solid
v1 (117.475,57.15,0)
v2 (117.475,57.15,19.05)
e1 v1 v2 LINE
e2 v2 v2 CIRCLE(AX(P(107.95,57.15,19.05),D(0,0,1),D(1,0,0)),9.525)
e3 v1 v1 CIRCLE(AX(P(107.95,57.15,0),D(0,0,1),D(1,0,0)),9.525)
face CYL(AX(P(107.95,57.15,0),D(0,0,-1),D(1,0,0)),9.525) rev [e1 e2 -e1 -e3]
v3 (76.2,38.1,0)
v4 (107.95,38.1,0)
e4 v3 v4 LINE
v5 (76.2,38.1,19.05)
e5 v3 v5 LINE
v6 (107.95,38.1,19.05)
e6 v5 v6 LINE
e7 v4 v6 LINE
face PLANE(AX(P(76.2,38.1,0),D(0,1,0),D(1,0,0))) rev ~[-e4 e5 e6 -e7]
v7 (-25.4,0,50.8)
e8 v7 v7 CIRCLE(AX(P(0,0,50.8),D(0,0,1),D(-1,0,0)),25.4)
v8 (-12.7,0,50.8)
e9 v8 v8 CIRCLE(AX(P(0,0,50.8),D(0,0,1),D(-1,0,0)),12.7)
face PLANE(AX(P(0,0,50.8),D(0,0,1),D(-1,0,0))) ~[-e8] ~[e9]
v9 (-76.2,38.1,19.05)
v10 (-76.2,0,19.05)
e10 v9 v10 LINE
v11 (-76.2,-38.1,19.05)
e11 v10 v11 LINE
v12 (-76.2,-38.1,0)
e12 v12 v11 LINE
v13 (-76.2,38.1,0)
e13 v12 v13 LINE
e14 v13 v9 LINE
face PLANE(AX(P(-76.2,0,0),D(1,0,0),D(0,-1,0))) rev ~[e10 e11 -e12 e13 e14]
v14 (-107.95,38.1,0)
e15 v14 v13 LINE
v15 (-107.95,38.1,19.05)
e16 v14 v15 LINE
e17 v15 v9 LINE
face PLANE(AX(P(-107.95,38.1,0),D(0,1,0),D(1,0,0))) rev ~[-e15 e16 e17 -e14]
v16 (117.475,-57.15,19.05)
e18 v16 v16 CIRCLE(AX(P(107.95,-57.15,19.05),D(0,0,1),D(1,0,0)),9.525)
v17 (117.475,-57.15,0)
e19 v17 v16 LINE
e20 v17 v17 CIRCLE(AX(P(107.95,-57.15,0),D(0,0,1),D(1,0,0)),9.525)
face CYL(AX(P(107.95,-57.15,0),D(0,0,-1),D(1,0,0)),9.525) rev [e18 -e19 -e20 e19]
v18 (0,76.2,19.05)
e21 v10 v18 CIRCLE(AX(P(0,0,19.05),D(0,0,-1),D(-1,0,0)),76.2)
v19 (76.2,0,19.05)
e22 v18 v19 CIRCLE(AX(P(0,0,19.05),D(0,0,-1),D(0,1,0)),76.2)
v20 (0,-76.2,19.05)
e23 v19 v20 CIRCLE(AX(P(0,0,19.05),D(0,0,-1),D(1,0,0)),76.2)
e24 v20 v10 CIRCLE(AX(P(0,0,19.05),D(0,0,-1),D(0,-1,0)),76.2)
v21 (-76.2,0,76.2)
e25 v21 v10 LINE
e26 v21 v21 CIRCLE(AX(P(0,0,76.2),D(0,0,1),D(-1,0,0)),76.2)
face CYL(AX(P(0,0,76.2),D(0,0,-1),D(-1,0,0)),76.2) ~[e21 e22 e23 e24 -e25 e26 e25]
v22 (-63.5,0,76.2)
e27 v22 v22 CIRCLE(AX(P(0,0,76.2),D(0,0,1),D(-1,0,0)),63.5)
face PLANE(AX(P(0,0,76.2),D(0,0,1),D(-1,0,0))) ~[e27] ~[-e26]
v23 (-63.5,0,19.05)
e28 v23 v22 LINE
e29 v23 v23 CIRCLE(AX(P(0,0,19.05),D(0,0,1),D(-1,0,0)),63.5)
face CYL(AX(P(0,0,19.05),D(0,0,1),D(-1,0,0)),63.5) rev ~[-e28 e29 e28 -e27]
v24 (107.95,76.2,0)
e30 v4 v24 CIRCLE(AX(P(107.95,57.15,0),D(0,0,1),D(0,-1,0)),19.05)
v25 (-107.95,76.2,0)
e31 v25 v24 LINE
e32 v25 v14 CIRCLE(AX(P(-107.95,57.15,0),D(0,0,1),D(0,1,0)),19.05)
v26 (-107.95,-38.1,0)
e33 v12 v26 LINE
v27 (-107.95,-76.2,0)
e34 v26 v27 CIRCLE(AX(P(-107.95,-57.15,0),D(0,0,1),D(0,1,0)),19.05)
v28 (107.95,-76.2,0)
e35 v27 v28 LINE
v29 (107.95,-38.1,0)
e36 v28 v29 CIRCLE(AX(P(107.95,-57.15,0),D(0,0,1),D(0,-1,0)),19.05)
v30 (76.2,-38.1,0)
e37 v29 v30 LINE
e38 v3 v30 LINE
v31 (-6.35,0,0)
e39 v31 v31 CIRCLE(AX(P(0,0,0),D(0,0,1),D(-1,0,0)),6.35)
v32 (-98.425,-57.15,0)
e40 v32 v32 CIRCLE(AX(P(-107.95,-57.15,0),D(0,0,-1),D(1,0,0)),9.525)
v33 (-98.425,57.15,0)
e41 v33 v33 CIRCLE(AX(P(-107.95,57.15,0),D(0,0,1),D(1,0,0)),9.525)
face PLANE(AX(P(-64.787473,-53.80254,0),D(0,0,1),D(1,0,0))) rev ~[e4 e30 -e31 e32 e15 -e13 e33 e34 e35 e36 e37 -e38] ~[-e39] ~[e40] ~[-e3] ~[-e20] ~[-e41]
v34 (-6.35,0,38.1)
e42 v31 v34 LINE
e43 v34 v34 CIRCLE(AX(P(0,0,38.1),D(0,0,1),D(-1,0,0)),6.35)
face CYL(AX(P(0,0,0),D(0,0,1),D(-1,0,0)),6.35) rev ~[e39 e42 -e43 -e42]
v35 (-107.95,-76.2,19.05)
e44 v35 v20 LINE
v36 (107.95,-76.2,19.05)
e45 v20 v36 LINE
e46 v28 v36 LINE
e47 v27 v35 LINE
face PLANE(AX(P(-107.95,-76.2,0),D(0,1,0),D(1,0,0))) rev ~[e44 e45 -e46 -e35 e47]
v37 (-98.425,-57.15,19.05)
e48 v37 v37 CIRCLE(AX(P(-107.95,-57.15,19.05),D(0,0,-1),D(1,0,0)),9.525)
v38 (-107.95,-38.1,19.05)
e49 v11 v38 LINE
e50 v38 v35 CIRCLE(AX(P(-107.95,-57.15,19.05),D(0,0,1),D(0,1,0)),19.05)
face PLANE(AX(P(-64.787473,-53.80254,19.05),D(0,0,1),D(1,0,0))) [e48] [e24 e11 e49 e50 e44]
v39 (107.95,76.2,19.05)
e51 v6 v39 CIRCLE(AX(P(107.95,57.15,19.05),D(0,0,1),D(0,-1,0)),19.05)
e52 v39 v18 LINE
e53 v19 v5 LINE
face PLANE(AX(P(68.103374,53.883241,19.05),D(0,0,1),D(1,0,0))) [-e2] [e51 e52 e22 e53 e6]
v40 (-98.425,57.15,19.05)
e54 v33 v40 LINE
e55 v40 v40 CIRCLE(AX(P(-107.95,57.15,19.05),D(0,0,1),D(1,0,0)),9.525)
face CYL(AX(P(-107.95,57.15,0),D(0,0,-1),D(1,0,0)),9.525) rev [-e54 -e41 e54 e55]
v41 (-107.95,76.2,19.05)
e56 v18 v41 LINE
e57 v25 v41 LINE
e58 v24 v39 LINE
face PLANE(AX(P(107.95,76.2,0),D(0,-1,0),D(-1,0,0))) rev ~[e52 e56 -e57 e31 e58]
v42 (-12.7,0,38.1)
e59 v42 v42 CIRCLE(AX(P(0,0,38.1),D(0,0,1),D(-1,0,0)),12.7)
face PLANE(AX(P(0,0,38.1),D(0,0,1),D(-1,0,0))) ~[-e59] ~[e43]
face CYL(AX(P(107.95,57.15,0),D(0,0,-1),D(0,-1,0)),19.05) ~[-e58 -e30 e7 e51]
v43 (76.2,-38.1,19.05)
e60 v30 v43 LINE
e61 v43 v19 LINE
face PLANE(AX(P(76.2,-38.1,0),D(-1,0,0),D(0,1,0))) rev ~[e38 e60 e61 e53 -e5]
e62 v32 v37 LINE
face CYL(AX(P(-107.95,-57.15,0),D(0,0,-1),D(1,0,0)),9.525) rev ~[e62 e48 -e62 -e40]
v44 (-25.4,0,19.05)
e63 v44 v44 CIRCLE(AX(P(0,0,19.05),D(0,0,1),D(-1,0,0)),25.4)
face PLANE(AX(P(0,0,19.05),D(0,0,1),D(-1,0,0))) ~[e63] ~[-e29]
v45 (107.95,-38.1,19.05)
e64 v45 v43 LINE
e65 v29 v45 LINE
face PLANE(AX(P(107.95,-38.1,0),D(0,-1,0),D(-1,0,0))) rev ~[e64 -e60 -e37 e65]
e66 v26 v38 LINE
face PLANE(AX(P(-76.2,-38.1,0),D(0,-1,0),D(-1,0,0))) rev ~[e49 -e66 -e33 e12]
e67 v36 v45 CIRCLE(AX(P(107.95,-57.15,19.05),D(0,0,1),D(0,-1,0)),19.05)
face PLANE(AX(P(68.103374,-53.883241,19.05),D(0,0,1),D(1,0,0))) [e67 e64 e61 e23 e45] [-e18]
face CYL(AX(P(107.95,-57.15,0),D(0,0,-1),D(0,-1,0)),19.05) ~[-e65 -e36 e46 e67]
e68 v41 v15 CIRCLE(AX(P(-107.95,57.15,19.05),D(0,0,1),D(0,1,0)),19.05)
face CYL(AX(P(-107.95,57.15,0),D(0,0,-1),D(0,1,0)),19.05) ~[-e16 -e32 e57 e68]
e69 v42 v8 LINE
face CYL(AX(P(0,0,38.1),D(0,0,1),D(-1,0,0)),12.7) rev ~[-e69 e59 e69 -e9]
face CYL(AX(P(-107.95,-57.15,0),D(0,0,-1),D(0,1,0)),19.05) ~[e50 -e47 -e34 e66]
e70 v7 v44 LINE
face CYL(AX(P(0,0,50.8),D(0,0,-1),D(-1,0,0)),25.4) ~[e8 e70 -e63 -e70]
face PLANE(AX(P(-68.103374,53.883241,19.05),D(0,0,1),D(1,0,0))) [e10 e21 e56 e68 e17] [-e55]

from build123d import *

# Parameters (mm, degrees)
F2_R     = 9.525
F3_DEPTH = 19.05


with BuildPart() as f1:
    # F0 (on Front) → F1 (revolve)
    with BuildSketch(Plane.XZ):
        Polygon((-76.2, 0), (-6.35, 0), (-6.35, 38.1), (-12.7, 38.1), (-12.7, 50.8), (-25.4, 50.8), (-25.4, 19.05), (-63.5, 19.05), (-63.5, 76.2), (-76.2, 76.2), align=None)
    revolve(axis=Axis((0, 0, 38.1), (0, 0, 1)))

    # F2 (on Top) → F3 (join)
    with BuildSketch(Plane.XY):
        with BuildLine():
            Line((-107.95, -76.2), (0, -76.2))
            ThreePointArc((0, -76.2), (-53.8815367264, -53.8815367264), (-76.2, 0))
            Line((-76.2, 0), (-76.2, -38.1))
            Line((-76.2, -38.1), (-107.95, -38.1))
            Line((-107.95, -38.1), (-107.95, -47.625))
            ThreePointArc((-107.95, -47.625), (-101.2148079092, -50.4148079092), (-98.425, -57.15))
            ThreePointArc((-98.425, -57.15), (-101.2148079092, -63.8851920908), (-107.95, -66.675))
            Line((-107.95, -66.675), (-107.95, -76.2))
        make_face()
        with BuildLine():
            ThreePointArc((-107.95, -38.1), (-127, -57.15), (-107.95, -76.2))
            Line((-107.95, -76.2), (-107.95, -66.675))
            ThreePointArc((-107.95, -66.675), (-117.475, -57.15), (-107.95, -47.625))
            Line((-107.95, -47.625), (-107.95, -38.1))
        make_face()
        with BuildLine():
            Line((-76.2, 38.1), (-76.2, 0))
            ThreePointArc((-76.2, 0), (-53.8815367264, 53.8815367264), (0, 76.2))
            Line((0, 76.2), (-107.95, 76.2))
            ThreePointArc((-107.95, 76.2), (-127, 57.15), (-107.95, 38.1))
            Line((-107.95, 38.1), (-76.2, 38.1))
        make_face()
        with Locations((-107.95, 57.15)):
            Circle(F2_R, mode=Mode.SUBTRACT)
        with BuildLine():
            ThreePointArc((0, 76.2), (53.8815367264, 53.8815367264), (76.2, 0))
            Line((76.2, 0), (76.2, 38.1))
            Line((76.2, 38.1), (107.95, 38.1))
            ThreePointArc((107.95, 38.1), (127, 57.15), (107.95, 76.2))
            Line((107.95, 76.2), (0, 76.2))
        make_face()
        with Locations((107.95, 57.15)):
            Circle(F2_R, mode=Mode.SUBTRACT)
        with BuildLine():
            ThreePointArc((76.2, 0), (53.8815367264, -53.8815367264), (0, -76.2))
            Line((0, -76.2), (107.95, -76.2))
            ThreePointArc((107.95, -76.2), (127, -57.15), (107.95, -38.1))
            Line((107.95, -38.1), (76.2, -38.1))
            Line((76.2, -38.1), (76.2, 0))
        make_face()
        with Locations((107.95, -57.15)):
            Circle(F2_R, mode=Mode.SUBTRACT)
    extrude(amount=F3_DEPTH)


solid = f1.part
